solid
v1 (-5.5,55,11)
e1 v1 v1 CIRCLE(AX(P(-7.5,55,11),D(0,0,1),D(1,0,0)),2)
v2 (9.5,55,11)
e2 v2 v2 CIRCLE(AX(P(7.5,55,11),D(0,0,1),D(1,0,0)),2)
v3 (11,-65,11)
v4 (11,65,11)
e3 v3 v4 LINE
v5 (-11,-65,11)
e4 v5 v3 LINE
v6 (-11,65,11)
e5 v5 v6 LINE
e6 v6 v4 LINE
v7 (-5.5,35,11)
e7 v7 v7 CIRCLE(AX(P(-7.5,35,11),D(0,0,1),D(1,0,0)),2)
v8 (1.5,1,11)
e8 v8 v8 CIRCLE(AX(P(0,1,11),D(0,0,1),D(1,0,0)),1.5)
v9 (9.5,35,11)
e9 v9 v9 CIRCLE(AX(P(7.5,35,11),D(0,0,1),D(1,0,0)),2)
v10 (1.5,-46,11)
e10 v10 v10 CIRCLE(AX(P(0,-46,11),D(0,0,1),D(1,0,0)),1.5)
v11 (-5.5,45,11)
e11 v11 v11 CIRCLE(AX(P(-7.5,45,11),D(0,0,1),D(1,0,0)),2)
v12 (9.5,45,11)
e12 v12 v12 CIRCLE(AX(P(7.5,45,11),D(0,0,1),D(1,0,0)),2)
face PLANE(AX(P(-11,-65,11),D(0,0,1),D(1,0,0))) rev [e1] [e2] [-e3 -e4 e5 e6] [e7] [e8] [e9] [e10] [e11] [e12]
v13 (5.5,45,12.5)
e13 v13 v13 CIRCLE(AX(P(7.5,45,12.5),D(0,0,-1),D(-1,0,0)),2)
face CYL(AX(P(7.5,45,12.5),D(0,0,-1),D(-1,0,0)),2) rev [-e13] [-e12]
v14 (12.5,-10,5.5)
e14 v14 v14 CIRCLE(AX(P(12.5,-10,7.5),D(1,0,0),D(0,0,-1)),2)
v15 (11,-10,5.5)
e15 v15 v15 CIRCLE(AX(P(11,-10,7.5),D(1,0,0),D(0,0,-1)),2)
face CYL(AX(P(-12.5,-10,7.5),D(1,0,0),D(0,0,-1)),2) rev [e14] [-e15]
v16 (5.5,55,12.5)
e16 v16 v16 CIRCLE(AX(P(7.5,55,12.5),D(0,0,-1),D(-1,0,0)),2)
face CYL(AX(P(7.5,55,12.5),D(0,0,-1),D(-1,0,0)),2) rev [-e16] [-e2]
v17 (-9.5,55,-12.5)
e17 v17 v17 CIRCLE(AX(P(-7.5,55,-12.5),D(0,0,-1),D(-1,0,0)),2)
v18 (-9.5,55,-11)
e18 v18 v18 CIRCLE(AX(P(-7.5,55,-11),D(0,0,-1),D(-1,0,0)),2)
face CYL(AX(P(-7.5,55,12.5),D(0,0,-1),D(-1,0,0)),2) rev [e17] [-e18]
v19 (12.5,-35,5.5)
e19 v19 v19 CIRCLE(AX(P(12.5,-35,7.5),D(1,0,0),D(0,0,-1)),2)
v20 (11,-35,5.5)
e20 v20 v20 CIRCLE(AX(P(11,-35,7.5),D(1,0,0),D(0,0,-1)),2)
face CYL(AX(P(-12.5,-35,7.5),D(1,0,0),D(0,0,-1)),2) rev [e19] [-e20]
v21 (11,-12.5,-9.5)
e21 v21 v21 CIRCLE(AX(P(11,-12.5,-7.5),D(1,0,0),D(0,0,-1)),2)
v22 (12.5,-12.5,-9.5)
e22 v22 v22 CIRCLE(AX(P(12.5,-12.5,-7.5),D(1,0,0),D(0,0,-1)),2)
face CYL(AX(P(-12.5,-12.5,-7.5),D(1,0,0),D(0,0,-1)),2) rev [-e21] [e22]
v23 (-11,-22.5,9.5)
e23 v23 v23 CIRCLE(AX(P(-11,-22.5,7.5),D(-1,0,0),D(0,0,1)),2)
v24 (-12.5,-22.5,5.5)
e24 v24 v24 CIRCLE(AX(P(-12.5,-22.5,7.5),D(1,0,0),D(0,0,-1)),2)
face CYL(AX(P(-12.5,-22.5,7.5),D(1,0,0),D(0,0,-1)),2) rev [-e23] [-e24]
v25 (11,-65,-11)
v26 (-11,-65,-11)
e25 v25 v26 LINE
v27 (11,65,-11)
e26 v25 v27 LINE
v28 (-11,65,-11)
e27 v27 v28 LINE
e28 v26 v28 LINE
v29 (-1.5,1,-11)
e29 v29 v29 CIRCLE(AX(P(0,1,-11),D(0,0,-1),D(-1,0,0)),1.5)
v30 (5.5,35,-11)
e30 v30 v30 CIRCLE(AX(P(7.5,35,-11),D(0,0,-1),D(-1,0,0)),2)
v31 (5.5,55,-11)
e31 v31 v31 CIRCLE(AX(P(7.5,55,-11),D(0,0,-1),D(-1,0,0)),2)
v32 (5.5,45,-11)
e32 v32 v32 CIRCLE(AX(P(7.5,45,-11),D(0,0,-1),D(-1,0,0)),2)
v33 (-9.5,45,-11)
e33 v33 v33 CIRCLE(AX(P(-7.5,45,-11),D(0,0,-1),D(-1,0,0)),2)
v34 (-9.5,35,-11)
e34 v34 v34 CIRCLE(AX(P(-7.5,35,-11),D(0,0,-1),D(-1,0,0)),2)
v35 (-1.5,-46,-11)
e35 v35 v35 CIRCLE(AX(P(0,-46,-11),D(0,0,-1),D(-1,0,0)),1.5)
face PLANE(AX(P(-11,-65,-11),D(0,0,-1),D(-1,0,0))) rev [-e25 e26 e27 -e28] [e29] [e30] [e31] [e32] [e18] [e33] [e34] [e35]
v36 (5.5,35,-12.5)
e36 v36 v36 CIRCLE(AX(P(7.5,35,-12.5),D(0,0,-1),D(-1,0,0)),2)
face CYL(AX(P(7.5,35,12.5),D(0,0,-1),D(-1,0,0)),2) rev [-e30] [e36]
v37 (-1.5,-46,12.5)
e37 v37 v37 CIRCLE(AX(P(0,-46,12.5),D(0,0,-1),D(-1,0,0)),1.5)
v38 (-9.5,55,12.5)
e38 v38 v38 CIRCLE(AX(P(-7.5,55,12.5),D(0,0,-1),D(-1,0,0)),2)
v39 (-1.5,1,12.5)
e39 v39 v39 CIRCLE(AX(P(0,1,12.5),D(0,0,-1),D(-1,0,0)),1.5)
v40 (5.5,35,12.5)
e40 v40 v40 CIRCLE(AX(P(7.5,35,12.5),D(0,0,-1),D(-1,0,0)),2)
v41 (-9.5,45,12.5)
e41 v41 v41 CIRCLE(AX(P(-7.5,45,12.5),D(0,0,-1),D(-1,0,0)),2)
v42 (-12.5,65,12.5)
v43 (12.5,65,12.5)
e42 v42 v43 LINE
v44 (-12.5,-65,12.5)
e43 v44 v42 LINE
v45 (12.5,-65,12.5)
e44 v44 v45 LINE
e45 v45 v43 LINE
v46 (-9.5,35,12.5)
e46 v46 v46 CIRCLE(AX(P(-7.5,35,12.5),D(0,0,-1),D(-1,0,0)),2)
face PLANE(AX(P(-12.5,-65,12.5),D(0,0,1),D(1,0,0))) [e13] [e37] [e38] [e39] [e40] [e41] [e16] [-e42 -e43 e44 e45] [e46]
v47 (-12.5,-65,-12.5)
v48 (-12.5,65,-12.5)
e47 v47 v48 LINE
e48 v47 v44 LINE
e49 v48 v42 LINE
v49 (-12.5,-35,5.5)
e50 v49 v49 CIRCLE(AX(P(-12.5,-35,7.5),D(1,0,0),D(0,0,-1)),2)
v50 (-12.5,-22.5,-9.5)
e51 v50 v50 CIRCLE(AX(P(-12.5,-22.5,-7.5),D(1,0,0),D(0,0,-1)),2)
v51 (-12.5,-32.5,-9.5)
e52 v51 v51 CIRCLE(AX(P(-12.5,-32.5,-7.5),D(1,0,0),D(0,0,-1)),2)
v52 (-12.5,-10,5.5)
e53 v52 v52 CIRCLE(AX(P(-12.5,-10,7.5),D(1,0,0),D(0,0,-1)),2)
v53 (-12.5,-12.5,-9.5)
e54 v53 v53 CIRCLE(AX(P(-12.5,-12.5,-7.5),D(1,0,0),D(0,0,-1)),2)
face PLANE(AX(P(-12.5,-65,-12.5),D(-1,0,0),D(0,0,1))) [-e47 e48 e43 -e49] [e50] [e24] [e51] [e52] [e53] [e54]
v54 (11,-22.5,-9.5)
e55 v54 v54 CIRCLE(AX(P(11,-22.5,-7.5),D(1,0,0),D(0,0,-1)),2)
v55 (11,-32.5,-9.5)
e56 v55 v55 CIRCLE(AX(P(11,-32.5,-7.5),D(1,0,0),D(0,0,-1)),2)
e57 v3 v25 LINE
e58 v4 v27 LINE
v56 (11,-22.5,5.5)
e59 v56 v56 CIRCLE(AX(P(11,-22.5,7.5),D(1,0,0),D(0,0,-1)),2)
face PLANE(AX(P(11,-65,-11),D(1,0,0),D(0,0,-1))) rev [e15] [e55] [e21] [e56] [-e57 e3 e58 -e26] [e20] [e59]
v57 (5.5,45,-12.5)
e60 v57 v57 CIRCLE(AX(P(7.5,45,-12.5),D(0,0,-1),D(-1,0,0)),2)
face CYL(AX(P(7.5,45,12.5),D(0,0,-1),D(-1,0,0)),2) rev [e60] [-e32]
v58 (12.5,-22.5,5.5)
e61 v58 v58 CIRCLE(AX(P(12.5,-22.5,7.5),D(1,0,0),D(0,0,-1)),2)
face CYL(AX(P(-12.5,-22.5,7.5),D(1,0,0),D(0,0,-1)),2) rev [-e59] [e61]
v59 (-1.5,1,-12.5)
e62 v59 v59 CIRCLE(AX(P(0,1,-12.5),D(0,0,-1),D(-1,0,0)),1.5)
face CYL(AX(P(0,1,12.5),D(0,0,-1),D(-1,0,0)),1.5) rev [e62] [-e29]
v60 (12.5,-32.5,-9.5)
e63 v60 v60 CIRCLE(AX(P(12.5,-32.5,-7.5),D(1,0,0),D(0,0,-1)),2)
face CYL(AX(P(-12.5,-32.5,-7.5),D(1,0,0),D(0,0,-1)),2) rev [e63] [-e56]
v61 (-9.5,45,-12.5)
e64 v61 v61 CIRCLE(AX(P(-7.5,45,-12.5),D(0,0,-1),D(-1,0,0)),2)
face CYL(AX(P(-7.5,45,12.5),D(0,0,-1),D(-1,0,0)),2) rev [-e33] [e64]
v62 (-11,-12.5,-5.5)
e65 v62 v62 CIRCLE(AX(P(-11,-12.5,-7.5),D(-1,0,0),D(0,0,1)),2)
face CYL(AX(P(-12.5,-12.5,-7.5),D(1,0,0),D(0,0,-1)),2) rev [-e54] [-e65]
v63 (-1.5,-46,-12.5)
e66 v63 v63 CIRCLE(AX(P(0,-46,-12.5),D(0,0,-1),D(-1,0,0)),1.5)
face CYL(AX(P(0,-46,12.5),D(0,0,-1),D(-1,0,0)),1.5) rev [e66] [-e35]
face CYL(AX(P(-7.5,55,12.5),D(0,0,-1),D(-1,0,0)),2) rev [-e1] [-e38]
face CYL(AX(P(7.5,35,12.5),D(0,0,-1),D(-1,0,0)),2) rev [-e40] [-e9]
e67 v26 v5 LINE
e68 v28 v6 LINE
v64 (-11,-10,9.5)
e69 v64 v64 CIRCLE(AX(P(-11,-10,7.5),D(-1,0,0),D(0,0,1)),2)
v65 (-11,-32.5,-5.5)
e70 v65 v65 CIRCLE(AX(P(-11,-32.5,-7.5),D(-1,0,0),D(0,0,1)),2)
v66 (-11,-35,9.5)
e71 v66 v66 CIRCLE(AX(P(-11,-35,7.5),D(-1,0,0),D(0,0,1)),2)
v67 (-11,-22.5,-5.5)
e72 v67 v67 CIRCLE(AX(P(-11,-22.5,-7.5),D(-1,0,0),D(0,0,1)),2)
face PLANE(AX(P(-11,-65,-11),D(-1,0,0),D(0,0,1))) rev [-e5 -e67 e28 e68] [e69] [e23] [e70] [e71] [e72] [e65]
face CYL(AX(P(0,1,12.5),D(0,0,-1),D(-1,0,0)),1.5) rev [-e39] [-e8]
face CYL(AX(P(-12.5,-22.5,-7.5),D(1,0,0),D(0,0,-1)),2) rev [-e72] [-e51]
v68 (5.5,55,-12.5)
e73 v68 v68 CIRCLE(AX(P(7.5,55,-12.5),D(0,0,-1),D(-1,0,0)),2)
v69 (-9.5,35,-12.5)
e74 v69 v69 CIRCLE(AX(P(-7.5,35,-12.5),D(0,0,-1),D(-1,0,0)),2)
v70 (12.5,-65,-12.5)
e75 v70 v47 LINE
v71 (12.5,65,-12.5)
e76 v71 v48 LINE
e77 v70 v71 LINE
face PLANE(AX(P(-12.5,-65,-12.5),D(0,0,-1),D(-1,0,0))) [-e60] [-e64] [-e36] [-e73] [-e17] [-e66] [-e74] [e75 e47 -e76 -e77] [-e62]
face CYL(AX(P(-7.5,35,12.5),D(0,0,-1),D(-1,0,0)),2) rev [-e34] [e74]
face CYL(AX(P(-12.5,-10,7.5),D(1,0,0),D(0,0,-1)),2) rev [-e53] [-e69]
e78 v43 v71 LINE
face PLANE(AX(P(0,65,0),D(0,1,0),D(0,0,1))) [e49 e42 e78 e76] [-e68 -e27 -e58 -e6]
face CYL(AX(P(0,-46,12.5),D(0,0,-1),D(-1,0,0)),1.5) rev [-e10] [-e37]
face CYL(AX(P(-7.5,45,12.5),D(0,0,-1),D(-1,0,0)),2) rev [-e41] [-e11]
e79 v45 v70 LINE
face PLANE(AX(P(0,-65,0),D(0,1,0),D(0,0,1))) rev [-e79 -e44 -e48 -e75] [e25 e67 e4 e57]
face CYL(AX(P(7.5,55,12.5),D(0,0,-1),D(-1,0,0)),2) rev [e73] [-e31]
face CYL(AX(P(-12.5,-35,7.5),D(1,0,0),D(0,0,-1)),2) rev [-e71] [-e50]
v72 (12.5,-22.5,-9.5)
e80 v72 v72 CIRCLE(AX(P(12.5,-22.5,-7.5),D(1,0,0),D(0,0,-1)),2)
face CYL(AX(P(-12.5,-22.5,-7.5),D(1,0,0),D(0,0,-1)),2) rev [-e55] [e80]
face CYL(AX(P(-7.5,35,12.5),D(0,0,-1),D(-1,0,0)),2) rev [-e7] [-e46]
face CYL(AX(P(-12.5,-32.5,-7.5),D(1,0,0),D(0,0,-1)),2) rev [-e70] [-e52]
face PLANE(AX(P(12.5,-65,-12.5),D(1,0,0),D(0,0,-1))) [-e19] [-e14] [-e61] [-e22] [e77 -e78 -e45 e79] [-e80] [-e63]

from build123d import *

# Parameters (mm, degrees)
BOSS_EXTRUDE1_DEPTH      = 65
BOSS_EXTRUDE1_DEPTH_BACK = 65
SKETCH3_W                = 25
SKETCH3_H                = 25
SKETCH3_W_2              = 22
SKETCH3_H_2              = 22
SKETCH5_R                = 1.5
CUT_EXTRUDE2_DEPTH       = 25
SKETCH6_R                = 2
CUT_EXTRUDE3_DEPTH       = 25
SKETCH7_R                = 2
CUT_EXTRUDE4_DEPTH       = 25


with BuildPart() as part:
    # Sketch3 → Boss-Extrude1 (new, two sides: drawn at the far end of the back side and taken through both)
    with BuildSketch(Plane(origin=(0, 0, 0), x_dir=(1, 0, 0), z_dir=(0, 1, 0)).offset(-BOSS_EXTRUDE1_DEPTH_BACK)):
        Rectangle(SKETCH3_W, SKETCH3_H)
        Rectangle(SKETCH3_W_2, SKETCH3_H_2, mode=Mode.SUBTRACT)
    extrude(amount=BOSS_EXTRUDE1_DEPTH + BOSS_EXTRUDE1_DEPTH_BACK)

    # Sketch5 → Cut-Extrude2 (cut)
    with BuildSketch(Plane(origin=(0, 0, -12.5), x_dir=(-1, 0, 0), z_dir=(0, 0, -1))):
        with Locations((0, -46)):
            Circle(SKETCH5_R)
        with Locations((0, 1)):
            Circle(SKETCH5_R)
    extrude(amount=-CUT_EXTRUDE2_DEPTH, mode=Mode.SUBTRACT)

    # Sketch6 → Cut-Extrude3 (cut)
    with BuildSketch(Plane(origin=(12.5, 0, 0), x_dir=(0, 0, -1), z_dir=(1, 0, 0))):
        with Locations((7.5, -32.5)):
            Circle(SKETCH6_R)
        with Locations((7.5, -12.5)):
            Circle(SKETCH6_R)
        with Locations((-7.5, -35)):
            Circle(SKETCH6_R)
        with Locations((-7.5, -10)):
            Circle(SKETCH6_R)
        with Locations((7.5, -22.5)):
            Circle(SKETCH6_R)
        with Locations((-7.5, -22.5)):
            Circle(SKETCH6_R)
    extrude(amount=-CUT_EXTRUDE3_DEPTH, mode=Mode.SUBTRACT)

    # Sketch7 → Cut-Extrude4 (cut)
    with BuildSketch(Plane(origin=(0, 0, -12.5), x_dir=(-1, 0, 0), z_dir=(0, 0, -1))):
        with Locations((7.5, 55)):
            Circle(SKETCH7_R)
        with Locations((7.5, 45)):
            Circle(SKETCH7_R)
        with Locations((-7.5, 55)):
            Circle(SKETCH7_R)
        with Locations((-7.5, 45)):
            Circle(SKETCH7_R)
        with Locations((-7.5, 35)):
            Circle(SKETCH7_R)
        with Locations((7.5, 35)):
            Circle(SKETCH7_R)
    extrude(amount=-CUT_EXTRUDE4_DEPTH, mode=Mode.SUBTRACT)


solid = part.part
